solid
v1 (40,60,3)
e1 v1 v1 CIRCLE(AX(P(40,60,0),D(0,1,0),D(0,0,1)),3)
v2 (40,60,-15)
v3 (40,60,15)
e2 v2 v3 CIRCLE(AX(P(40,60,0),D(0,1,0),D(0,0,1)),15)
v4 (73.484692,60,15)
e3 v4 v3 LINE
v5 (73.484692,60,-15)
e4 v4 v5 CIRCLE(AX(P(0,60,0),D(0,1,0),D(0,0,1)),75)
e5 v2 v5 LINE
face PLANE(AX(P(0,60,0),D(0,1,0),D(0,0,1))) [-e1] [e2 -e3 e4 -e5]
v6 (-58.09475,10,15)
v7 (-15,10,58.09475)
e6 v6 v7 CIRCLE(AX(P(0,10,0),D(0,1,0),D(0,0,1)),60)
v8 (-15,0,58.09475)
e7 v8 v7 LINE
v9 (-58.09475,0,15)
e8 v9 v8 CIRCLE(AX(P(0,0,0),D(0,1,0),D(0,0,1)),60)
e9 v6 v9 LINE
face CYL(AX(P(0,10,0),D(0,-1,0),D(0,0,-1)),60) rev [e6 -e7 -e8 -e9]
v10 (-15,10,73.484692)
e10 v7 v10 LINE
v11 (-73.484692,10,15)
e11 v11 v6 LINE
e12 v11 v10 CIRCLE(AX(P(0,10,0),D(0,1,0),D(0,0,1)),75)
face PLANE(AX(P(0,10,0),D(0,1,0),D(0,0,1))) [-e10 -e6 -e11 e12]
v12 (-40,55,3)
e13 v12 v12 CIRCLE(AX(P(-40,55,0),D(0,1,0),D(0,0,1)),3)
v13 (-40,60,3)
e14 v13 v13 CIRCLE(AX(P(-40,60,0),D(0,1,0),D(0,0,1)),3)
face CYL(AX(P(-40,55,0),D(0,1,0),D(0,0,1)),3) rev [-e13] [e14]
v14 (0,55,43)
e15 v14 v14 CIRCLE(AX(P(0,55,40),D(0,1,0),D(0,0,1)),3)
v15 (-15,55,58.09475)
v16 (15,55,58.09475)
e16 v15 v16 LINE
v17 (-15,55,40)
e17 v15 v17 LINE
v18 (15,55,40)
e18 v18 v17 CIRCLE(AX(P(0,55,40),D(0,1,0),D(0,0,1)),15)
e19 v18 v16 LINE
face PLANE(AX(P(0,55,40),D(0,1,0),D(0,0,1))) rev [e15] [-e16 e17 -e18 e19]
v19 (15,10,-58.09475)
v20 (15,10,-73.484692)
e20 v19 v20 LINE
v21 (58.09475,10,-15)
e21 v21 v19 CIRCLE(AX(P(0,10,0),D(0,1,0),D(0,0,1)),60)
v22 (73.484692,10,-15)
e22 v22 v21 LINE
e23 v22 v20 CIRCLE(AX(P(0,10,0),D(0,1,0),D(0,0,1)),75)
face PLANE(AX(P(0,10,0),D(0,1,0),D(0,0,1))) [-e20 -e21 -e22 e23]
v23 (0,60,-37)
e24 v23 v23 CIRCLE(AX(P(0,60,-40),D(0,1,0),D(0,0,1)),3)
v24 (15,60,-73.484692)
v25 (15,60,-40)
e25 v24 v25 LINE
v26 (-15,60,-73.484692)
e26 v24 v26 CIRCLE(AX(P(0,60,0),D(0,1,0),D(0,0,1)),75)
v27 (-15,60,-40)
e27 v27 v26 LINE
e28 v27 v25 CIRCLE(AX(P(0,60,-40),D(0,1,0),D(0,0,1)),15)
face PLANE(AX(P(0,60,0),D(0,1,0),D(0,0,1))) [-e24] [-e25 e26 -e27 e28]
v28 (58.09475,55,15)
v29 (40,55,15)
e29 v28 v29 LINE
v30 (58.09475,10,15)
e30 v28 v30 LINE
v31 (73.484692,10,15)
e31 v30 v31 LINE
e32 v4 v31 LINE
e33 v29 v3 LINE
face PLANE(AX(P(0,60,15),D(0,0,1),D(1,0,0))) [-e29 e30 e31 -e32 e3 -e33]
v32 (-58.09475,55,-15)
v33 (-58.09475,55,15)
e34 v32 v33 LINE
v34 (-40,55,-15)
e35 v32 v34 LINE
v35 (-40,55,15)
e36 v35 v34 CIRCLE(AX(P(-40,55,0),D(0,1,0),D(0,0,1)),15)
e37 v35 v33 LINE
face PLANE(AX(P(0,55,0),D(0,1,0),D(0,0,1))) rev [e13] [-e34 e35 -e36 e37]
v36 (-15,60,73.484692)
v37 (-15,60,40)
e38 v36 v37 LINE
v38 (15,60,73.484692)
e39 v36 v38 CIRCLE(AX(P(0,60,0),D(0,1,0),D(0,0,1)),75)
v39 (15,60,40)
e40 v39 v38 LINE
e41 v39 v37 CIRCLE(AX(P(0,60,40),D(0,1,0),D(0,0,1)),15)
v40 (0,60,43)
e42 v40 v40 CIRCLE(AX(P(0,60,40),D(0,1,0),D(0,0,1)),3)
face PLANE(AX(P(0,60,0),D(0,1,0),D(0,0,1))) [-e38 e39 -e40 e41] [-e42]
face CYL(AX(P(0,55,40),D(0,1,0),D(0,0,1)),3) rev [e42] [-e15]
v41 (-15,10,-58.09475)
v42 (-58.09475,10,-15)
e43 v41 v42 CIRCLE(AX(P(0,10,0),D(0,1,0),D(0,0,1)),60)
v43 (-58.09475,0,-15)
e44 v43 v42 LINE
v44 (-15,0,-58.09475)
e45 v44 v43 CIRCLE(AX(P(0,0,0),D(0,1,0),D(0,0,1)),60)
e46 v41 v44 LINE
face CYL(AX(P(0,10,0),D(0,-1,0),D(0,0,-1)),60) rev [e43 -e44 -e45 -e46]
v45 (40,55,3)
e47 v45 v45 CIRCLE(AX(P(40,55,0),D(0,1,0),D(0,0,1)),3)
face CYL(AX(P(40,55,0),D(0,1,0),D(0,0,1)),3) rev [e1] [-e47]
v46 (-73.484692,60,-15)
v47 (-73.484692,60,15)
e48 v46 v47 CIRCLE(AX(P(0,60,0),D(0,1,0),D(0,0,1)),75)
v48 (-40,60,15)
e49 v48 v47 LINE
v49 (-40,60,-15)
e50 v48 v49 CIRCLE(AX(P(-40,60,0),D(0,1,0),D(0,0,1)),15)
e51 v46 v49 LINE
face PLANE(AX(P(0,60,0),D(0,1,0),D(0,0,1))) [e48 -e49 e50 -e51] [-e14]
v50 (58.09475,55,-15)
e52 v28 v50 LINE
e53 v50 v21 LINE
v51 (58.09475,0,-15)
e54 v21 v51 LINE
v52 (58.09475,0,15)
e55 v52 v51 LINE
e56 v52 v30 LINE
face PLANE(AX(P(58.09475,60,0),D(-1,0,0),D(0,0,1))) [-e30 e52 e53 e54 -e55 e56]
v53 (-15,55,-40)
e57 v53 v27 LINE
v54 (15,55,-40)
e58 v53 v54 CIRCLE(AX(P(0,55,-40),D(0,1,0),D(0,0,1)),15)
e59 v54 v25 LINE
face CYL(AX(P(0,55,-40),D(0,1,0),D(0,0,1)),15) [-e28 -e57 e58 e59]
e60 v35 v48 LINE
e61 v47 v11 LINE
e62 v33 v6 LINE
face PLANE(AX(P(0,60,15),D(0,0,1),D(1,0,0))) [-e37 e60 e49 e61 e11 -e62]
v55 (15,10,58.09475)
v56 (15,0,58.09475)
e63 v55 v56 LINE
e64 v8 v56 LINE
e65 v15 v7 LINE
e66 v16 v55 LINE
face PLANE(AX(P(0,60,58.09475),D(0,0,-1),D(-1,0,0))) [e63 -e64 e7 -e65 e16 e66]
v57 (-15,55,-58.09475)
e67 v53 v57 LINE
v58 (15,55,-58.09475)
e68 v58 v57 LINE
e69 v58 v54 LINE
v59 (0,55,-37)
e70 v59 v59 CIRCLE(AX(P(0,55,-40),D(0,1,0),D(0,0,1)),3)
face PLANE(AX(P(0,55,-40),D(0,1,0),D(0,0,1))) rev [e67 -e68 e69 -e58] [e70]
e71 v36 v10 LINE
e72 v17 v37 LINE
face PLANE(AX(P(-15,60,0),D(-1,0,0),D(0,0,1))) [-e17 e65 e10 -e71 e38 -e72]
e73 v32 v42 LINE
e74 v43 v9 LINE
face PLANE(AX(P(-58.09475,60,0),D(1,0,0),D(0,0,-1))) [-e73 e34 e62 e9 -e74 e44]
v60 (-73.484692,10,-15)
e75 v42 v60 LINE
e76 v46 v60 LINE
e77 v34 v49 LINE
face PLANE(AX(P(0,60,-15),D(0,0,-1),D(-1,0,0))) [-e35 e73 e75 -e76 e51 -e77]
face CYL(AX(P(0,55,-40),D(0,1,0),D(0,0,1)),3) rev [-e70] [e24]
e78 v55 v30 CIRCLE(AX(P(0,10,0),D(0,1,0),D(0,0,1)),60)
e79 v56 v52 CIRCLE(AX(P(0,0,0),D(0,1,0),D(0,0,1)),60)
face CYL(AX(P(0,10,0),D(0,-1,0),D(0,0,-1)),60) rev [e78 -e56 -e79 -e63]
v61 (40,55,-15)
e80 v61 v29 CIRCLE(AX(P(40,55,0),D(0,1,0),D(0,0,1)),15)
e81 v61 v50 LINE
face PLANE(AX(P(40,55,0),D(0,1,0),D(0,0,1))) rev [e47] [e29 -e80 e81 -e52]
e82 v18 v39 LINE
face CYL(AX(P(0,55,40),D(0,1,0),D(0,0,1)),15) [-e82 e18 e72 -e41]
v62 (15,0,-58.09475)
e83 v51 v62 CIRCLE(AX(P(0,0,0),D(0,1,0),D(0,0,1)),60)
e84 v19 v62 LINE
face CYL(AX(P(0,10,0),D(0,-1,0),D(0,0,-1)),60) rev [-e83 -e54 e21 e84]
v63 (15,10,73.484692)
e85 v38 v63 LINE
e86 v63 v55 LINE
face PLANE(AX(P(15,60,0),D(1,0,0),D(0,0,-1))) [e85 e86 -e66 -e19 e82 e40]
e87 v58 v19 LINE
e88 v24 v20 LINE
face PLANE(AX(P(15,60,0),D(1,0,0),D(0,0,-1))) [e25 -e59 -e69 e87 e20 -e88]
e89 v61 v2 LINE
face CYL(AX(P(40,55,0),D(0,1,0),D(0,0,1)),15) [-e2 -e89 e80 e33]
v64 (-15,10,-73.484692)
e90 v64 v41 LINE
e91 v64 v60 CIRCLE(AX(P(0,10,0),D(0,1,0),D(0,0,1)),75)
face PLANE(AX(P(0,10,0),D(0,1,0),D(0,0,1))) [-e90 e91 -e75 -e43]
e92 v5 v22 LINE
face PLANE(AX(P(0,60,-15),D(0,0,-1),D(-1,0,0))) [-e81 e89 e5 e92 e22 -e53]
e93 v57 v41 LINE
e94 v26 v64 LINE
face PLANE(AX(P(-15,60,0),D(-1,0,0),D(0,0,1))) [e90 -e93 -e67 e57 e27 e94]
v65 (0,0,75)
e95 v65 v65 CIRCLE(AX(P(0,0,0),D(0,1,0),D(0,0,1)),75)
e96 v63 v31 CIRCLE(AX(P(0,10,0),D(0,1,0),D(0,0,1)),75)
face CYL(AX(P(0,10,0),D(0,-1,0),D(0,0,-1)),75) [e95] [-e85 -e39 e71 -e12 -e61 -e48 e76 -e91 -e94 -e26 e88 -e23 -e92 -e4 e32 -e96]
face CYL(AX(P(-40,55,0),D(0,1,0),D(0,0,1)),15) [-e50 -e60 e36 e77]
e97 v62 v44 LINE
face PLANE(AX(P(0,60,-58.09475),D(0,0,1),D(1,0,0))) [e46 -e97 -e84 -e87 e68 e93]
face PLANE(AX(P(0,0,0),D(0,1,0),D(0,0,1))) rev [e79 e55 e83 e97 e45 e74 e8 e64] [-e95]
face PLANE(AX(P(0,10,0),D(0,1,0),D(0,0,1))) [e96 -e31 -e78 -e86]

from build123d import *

# Parameters (mm, degrees)
SKETCH_1_R      = 75.00000000000001
SKETCH_1_R_2    = 60
EXTRUDE_1_DEPTH = 10
EXTRUDE_2_DEPTH = 60
EXTRUDE_START   = 55
SKETCH_3_R      = 3.0000000000000013
SKETCH_3_R_2    = 2.99999999999996
SKETCH_3_R_3    = 2.999999999999895
EXTRUDE_3_DEPTH = 5


with BuildPart() as part:
    # 草图1 → 凸台-拉伸1 (new body)
    with BuildSketch(Plane(origin=(0, 0, 0), x_dir=(1, 0, 0), z_dir=(0, 1, 0))):
        with Locations(Location((0, 0, 0), (0, 0, 270))):
            Circle(SKETCH_1_R)
        with Locations(Location((0, 0, 0), (0, 0, 270))):
            Circle(SKETCH_1_R_2, mode=Mode.SUBTRACT)
    extrude(amount=EXTRUDE_1_DEPTH)

    # 草图2 → 凸台-拉伸2 (add)
    with BuildSketch(Plane(origin=(0, 0, 0), x_dir=(1, 0, 0), z_dir=(0, 1, 0))):
        with BuildLine():
            Line((-58.09475019311125, -15), (-58.09475019311125, 15))
            Line((-58.09475019311125, 15), (-73.48469228349538, 15))
            ThreePointArc((-73.48469228349538, 15), (-75.00000000000003, 9.18e-15), (-73.48469228349538, -15))
            Line((-73.48469228349538, -15), (-58.09475019311125, -15))
        make_face()
        with BuildLine():
            Line((-14.999999999999652, -58.09475019311137), (-14.99999999999975, -73.48469228349562))
            ThreePointArc((-14.99999999999975, -73.48469228349562), (3.8762e-13, -75.00000000000017), (15.0000000000005, -73.48469228349542))
            Line((15.0000000000005, -73.48469228349542), (15.000000000000375, -58.0947501931114))
            Line((15.000000000000375, -58.0947501931114), (-14.999999999999652, -58.09475019311137))
        make_face()
        with BuildLine():
            Line((58.094750193111345, -14.999999999999556), (58.09475019311114, 15.000000000000444))
            Line((58.09475019311114, 15.000000000000444), (73.48469228349526, 15.000000000000444))
            ThreePointArc((73.48469228349526, 15.000000000000444), (75.00000000000001, 4.5589e-13), (73.48469228349548, -14.999999999999556))
            Line((73.48469228349548, -14.999999999999556), (58.094750193111345, -14.999999999999556))
        make_face()
        with BuildLine():
            Line((-14.999999999999833, 58.09475019311096), (-14.999999999999943, 73.4846922834952))
            ThreePointArc((-14.999999999999943, 73.4846922834952), (2.7105e-13, 75.00000000000016), (15.000000000000528, 73.48469228349539))
            Line((15.000000000000528, 73.48469228349539), (15.00000000000043, 58.09475019311115))
            Line((15.00000000000043, 58.09475019311115), (-14.999999999999833, 58.09475019311096))
        make_face()
    extrude(amount=EXTRUDE_2_DEPTH)

    # 草图3 → 凸台-拉伸3 (add)
    # profile 1 of 4: a face of its own
    with BuildSketch(Plane(origin=(0, 0, 0), x_dir=(1, 0, 0), z_dir=(0, 1, 0)).offset(EXTRUDE_START)):
        with BuildLine():
            Line((73.48469228349529, 15.000000000000448), (58.09475019311114, 15.000000000000444))
            Line((58.09475019311114, 15.000000000000444), (40, 15.000000000000014))
            ThreePointArc((40, 15.000000000000014), (25, 1.653e-14), (40, -14.999999999999986))
            Line((40, -14.999999999999986), (58.094750193111345, -14.999999999999556))
            Line((58.094750193111345, -14.999999999999556), (73.48469228349545, -14.999999999999556))
            ThreePointArc((73.48469228349545, -14.999999999999556), (75.00000000000001, 4.5172e-13), (73.48469228349529, 15.000000000000448))
        make_face()
        with Locations(Location((40, 1.47e-14, 0), (0, 0, 270))):
            Circle(SKETCH_3_R, mode=Mode.SUBTRACT)
    # profile 2 of 4: a face of its own
    with BuildSketch(Plane(origin=(0, 0, 0), x_dir=(1, 0, 0), z_dir=(0, 1, 0)).offset(EXTRUDE_START)):
        with BuildLine():
            Line((-73.48469228349538, -14.999999999999998), (-58.09475019311125, -15))
            Line((-58.09475019311125, -15), (-40, -15))
            ThreePointArc((-40, -15), (-25, 0), (-40, 15))
            Line((-40, 15), (-58.09475019311125, 15))
            Line((-58.09475019311125, 15), (-73.48469228349538, 15))
            ThreePointArc((-73.48469228349538, 15), (-75.00000000000003, 9.18e-15), (-73.48469228349538, -14.999999999999998))
        make_face()
        with Locations(Location((-40, 0, 0), (0, 0, 270))):
            Circle(SKETCH_3_R, mode=Mode.SUBTRACT)
    # profile 3 of 4: a face of its own
    with BuildSketch(Plane(origin=(0, 0, 0), x_dir=(1, 0, 0), z_dir=(0, 1, 0)).offset(EXTRUDE_START)):
        with BuildLine():
            Line((-14.999999999999833, 58.09475019311096), (-14.99999999999975, 73.4846922834952))
            ThreePointArc((-14.99999999999975, 73.4846922834952), (3.7097e-13, 74.99999999999982), (15.000000000000554, 73.48469228349539))
            Line((15.000000000000554, 73.48469228349539), (15.00000000000043, 58.09475019311115))
            Line((15.00000000000043, 58.09475019311115), (14.999999999999867, 39.99999999999992))
            ThreePointArc((14.999999999999867, 39.99999999999992), (6.281e-14, 25.00000000000015), (-15.00000000000016, 39.99999999999973))
            Line((-15.00000000000016, 39.99999999999973), (-14.999999999999833, 58.09475019311096))
        make_face()
        with Locations(Location((-3.469e-14, 40.00000000000005, 0), (0, 0, 270))):
            Circle(SKETCH_3_R_2, mode=Mode.SUBTRACT)
    # profile 4 of 4: a face of its own
    with BuildSketch(Plane(origin=(0, 0, 0), x_dir=(1, 0, 0), z_dir=(0, 1, 0)).offset(EXTRUDE_START)):
        with BuildLine():
            Line((-14.999999999999652, -58.09475019311137), (-14.999999999999867, -40.000000000000135))
            ThreePointArc((-14.999999999999867, -40.000000000000135), (2.6731e-13, -24.99999999999991), (15.00000000000016, -40.00000000000016))
            Line((15.00000000000016, -40.00000000000016), (15.000000000000375, -58.0947501931114))
            Line((15.000000000000375, -58.0947501931114), (15.0000000000005, -73.48469228349542))
            ThreePointArc((15.0000000000005, -73.48469228349542), (3.8762e-13, -75.00000000000017), (-14.99999999999975, -73.48469228349562))
            Line((-14.99999999999975, -73.48469228349562), (-14.999999999999652, -58.09475019311137))
        make_face()
        with Locations(Location((2.5674e-13, -40.000000000000036, 0), (0, 0, 270))):
            Circle(SKETCH_3_R_3, mode=Mode.SUBTRACT)
    extrude(amount=EXTRUDE_3_DEPTH)


solid = part.part
